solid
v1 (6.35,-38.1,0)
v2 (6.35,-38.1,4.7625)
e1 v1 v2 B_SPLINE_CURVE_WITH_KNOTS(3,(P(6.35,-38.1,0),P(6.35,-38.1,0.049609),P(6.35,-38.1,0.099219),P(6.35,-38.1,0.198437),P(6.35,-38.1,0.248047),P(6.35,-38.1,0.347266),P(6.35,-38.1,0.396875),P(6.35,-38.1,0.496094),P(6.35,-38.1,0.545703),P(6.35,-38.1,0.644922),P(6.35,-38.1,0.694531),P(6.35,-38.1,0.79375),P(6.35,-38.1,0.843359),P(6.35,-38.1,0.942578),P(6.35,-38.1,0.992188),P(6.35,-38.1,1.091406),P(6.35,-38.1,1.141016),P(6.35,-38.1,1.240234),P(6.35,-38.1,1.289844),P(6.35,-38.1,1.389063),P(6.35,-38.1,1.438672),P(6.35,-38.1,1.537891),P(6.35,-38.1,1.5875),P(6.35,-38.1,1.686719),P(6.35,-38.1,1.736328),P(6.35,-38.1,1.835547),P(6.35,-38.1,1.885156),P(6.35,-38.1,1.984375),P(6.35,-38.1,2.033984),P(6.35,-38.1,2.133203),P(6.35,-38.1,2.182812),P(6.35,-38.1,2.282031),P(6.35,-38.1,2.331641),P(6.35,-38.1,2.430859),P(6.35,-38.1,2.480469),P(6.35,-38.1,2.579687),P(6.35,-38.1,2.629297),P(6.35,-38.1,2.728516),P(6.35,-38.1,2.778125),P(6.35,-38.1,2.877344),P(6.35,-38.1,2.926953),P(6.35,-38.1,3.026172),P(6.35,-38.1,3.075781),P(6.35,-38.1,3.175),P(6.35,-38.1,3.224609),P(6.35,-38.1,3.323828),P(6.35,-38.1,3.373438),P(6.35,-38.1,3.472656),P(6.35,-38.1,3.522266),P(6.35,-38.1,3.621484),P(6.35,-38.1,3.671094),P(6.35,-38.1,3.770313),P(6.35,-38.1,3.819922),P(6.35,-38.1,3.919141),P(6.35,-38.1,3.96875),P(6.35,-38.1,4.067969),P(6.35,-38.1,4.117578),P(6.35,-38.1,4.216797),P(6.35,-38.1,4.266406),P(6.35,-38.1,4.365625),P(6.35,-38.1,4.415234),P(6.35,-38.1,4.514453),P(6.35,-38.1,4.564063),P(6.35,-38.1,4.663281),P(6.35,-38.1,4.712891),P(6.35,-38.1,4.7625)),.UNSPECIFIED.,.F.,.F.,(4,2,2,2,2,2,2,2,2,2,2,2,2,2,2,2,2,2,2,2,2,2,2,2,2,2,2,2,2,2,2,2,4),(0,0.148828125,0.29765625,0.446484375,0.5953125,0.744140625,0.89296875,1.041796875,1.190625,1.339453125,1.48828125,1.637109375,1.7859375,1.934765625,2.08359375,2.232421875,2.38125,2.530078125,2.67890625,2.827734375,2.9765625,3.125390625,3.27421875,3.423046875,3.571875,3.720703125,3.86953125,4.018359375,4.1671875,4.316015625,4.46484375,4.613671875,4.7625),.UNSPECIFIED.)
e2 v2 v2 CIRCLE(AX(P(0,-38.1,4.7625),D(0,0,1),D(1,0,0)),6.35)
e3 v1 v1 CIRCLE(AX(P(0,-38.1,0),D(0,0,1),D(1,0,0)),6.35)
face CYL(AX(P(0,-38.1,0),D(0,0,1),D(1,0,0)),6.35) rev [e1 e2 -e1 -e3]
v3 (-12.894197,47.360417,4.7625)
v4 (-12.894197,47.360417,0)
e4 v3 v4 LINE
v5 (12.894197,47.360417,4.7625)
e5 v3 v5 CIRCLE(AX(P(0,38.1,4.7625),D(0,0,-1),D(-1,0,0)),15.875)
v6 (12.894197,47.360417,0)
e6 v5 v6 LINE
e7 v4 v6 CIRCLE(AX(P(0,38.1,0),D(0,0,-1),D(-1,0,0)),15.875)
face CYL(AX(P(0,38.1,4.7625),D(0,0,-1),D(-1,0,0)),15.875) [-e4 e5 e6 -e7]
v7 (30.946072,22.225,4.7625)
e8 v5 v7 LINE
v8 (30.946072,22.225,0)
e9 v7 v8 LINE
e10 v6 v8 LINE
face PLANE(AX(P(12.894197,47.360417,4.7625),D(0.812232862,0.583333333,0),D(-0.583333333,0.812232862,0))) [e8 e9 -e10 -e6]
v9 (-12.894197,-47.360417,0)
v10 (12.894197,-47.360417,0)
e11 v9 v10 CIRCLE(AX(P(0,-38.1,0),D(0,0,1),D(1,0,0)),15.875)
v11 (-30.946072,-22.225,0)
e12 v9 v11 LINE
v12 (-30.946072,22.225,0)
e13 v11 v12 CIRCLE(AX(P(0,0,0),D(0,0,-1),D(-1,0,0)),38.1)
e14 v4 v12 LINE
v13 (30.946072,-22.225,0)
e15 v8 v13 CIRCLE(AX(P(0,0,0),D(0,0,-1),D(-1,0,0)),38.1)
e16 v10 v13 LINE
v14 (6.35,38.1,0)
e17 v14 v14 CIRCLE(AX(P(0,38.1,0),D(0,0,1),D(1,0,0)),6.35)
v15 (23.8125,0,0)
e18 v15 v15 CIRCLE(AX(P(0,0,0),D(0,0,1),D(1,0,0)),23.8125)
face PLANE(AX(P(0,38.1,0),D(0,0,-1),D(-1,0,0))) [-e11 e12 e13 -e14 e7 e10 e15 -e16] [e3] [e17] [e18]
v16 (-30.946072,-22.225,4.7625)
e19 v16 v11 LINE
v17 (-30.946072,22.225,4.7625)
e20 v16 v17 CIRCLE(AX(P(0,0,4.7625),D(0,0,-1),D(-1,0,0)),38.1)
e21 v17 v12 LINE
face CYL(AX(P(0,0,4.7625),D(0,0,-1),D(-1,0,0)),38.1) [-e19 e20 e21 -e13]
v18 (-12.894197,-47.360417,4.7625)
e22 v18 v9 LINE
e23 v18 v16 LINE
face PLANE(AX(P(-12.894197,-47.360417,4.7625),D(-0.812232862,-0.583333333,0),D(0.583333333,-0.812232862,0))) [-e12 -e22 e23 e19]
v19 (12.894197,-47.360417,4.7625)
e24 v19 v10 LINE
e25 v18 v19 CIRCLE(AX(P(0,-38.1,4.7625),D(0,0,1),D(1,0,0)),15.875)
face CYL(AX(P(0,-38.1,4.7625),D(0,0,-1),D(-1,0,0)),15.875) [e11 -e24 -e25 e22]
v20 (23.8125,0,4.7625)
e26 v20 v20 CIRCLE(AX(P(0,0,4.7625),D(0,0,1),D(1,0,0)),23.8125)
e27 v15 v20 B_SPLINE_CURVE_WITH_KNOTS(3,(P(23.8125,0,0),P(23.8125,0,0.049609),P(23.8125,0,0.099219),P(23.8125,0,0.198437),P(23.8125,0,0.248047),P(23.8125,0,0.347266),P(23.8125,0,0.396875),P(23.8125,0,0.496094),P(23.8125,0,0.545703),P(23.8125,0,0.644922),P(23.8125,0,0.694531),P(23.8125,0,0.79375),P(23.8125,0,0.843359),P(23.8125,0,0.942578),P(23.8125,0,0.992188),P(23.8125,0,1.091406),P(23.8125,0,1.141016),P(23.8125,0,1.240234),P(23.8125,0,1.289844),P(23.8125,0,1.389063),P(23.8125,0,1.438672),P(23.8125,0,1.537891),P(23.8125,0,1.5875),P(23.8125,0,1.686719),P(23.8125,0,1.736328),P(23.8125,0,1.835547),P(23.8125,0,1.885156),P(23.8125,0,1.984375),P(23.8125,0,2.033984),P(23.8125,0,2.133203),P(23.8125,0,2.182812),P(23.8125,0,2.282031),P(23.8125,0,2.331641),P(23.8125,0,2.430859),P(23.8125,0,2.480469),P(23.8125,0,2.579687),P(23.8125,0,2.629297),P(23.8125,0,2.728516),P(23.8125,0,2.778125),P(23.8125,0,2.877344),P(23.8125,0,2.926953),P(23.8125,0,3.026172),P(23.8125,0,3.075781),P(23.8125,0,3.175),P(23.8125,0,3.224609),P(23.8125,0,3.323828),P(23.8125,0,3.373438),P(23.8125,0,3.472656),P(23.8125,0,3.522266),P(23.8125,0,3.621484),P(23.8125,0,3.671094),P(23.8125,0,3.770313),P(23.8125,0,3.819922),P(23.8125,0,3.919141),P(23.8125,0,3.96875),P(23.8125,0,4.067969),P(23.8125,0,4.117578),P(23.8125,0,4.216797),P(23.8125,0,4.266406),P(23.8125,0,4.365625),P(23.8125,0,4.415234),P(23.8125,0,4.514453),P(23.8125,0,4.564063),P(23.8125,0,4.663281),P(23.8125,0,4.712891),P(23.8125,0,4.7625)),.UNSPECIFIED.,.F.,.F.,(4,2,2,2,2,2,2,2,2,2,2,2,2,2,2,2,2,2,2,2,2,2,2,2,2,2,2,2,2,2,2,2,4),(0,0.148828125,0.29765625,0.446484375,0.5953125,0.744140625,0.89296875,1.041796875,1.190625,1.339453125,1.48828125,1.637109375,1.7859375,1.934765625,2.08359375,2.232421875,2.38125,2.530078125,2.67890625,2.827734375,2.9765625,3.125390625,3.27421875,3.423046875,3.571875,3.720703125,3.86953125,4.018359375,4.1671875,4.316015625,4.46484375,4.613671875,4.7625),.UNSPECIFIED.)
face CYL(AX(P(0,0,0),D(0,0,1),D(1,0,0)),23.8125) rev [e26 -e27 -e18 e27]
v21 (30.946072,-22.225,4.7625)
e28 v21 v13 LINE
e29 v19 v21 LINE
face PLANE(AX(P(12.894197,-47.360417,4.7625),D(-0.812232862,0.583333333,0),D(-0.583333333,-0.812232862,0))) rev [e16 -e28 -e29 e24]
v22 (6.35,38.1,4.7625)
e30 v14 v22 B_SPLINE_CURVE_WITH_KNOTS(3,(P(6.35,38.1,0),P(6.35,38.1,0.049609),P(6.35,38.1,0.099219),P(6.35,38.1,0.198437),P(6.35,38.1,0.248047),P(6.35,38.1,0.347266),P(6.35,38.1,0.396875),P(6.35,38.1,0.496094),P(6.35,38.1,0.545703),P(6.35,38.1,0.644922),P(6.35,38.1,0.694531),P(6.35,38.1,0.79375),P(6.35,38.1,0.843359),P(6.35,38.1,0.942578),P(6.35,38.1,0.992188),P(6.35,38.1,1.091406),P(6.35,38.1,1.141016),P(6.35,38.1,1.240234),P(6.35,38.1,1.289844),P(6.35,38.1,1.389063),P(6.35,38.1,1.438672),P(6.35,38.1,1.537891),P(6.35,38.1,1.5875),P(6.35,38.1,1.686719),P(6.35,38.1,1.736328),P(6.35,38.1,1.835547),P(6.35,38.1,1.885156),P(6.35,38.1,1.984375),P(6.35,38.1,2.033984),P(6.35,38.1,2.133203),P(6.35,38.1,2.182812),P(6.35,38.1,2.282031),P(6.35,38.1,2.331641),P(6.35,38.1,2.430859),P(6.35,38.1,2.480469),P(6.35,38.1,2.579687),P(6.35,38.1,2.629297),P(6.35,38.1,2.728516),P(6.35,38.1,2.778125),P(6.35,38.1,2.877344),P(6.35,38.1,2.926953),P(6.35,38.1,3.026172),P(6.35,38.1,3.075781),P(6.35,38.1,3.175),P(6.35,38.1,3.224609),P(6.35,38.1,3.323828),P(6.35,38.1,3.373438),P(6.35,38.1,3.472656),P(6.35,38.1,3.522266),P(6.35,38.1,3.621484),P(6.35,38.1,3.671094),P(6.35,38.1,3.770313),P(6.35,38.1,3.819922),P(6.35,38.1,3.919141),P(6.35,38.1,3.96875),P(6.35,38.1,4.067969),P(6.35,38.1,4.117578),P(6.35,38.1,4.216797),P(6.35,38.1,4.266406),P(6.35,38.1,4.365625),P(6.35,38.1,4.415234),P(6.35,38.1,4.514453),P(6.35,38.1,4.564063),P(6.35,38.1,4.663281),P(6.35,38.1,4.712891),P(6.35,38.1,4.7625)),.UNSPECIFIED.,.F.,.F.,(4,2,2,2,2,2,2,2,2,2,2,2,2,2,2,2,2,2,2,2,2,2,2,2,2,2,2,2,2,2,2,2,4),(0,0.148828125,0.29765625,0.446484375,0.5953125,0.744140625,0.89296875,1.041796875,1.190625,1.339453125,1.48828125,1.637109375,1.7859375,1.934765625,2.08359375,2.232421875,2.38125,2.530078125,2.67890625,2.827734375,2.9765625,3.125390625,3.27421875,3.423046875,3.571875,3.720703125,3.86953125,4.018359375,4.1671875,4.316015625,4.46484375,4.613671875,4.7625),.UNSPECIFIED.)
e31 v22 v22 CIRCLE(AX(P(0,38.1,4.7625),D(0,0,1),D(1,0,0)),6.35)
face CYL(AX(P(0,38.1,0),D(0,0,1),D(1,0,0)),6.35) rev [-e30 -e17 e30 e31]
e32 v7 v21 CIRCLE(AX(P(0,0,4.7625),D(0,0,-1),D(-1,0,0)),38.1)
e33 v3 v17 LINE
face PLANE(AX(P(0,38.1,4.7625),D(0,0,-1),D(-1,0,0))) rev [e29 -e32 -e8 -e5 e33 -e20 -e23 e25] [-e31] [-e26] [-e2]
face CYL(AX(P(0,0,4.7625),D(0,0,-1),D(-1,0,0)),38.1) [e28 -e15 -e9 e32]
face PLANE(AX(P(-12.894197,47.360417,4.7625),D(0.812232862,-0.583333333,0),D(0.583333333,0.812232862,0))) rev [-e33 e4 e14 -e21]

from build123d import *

# Parameters (mm, degrees)
MAIN_DEPTH  = 4.7625
SKETCH2_R   = 6.35
SKETCH2_R_2 = 23.8125
HOLES_DEPTH = 67.238901193


with BuildPart() as part:
    # Sketch1 → Main (new body)
    with BuildSketch(Plane.XY):
        with BuildLine():
            Line((12.894196685, 47.360416667), (30.946072045, 22.225))
            ThreePointArc((30.946072045, 22.225), (38.1, 0), (30.946072045, -22.225))
            Line((30.946072045, -22.225), (12.894196685, -47.360416667))
            ThreePointArc((12.894196685, -47.360416667), (0, -53.975), (-12.894196685, -47.360416667))
            Line((-12.894196685, -47.360416667), (-30.946072045, -22.225))
            ThreePointArc((-30.946072045, -22.225), (-38.1, 0), (-30.946072045, 22.225))
            Line((-30.946072045, 22.225), (-12.894196685, 47.360416667))
            ThreePointArc((-12.894196685, 47.360416667), (0, 53.975), (12.894196685, 47.360416667))
        make_face()
    extrude(amount=MAIN_DEPTH)

    # Sketch2 → Holes (cut, through all)
    with BuildSketch(Plane.XY.offset(4.7625)):
        with Locations((0, 38.1)):
            Circle(SKETCH2_R)
        with Locations((0, -38.1)):
            Circle(SKETCH2_R)
        Circle(SKETCH2_R_2)
    extrude(amount=-HOLES_DEPTH, mode=Mode.SUBTRACT)


solid = part.part
